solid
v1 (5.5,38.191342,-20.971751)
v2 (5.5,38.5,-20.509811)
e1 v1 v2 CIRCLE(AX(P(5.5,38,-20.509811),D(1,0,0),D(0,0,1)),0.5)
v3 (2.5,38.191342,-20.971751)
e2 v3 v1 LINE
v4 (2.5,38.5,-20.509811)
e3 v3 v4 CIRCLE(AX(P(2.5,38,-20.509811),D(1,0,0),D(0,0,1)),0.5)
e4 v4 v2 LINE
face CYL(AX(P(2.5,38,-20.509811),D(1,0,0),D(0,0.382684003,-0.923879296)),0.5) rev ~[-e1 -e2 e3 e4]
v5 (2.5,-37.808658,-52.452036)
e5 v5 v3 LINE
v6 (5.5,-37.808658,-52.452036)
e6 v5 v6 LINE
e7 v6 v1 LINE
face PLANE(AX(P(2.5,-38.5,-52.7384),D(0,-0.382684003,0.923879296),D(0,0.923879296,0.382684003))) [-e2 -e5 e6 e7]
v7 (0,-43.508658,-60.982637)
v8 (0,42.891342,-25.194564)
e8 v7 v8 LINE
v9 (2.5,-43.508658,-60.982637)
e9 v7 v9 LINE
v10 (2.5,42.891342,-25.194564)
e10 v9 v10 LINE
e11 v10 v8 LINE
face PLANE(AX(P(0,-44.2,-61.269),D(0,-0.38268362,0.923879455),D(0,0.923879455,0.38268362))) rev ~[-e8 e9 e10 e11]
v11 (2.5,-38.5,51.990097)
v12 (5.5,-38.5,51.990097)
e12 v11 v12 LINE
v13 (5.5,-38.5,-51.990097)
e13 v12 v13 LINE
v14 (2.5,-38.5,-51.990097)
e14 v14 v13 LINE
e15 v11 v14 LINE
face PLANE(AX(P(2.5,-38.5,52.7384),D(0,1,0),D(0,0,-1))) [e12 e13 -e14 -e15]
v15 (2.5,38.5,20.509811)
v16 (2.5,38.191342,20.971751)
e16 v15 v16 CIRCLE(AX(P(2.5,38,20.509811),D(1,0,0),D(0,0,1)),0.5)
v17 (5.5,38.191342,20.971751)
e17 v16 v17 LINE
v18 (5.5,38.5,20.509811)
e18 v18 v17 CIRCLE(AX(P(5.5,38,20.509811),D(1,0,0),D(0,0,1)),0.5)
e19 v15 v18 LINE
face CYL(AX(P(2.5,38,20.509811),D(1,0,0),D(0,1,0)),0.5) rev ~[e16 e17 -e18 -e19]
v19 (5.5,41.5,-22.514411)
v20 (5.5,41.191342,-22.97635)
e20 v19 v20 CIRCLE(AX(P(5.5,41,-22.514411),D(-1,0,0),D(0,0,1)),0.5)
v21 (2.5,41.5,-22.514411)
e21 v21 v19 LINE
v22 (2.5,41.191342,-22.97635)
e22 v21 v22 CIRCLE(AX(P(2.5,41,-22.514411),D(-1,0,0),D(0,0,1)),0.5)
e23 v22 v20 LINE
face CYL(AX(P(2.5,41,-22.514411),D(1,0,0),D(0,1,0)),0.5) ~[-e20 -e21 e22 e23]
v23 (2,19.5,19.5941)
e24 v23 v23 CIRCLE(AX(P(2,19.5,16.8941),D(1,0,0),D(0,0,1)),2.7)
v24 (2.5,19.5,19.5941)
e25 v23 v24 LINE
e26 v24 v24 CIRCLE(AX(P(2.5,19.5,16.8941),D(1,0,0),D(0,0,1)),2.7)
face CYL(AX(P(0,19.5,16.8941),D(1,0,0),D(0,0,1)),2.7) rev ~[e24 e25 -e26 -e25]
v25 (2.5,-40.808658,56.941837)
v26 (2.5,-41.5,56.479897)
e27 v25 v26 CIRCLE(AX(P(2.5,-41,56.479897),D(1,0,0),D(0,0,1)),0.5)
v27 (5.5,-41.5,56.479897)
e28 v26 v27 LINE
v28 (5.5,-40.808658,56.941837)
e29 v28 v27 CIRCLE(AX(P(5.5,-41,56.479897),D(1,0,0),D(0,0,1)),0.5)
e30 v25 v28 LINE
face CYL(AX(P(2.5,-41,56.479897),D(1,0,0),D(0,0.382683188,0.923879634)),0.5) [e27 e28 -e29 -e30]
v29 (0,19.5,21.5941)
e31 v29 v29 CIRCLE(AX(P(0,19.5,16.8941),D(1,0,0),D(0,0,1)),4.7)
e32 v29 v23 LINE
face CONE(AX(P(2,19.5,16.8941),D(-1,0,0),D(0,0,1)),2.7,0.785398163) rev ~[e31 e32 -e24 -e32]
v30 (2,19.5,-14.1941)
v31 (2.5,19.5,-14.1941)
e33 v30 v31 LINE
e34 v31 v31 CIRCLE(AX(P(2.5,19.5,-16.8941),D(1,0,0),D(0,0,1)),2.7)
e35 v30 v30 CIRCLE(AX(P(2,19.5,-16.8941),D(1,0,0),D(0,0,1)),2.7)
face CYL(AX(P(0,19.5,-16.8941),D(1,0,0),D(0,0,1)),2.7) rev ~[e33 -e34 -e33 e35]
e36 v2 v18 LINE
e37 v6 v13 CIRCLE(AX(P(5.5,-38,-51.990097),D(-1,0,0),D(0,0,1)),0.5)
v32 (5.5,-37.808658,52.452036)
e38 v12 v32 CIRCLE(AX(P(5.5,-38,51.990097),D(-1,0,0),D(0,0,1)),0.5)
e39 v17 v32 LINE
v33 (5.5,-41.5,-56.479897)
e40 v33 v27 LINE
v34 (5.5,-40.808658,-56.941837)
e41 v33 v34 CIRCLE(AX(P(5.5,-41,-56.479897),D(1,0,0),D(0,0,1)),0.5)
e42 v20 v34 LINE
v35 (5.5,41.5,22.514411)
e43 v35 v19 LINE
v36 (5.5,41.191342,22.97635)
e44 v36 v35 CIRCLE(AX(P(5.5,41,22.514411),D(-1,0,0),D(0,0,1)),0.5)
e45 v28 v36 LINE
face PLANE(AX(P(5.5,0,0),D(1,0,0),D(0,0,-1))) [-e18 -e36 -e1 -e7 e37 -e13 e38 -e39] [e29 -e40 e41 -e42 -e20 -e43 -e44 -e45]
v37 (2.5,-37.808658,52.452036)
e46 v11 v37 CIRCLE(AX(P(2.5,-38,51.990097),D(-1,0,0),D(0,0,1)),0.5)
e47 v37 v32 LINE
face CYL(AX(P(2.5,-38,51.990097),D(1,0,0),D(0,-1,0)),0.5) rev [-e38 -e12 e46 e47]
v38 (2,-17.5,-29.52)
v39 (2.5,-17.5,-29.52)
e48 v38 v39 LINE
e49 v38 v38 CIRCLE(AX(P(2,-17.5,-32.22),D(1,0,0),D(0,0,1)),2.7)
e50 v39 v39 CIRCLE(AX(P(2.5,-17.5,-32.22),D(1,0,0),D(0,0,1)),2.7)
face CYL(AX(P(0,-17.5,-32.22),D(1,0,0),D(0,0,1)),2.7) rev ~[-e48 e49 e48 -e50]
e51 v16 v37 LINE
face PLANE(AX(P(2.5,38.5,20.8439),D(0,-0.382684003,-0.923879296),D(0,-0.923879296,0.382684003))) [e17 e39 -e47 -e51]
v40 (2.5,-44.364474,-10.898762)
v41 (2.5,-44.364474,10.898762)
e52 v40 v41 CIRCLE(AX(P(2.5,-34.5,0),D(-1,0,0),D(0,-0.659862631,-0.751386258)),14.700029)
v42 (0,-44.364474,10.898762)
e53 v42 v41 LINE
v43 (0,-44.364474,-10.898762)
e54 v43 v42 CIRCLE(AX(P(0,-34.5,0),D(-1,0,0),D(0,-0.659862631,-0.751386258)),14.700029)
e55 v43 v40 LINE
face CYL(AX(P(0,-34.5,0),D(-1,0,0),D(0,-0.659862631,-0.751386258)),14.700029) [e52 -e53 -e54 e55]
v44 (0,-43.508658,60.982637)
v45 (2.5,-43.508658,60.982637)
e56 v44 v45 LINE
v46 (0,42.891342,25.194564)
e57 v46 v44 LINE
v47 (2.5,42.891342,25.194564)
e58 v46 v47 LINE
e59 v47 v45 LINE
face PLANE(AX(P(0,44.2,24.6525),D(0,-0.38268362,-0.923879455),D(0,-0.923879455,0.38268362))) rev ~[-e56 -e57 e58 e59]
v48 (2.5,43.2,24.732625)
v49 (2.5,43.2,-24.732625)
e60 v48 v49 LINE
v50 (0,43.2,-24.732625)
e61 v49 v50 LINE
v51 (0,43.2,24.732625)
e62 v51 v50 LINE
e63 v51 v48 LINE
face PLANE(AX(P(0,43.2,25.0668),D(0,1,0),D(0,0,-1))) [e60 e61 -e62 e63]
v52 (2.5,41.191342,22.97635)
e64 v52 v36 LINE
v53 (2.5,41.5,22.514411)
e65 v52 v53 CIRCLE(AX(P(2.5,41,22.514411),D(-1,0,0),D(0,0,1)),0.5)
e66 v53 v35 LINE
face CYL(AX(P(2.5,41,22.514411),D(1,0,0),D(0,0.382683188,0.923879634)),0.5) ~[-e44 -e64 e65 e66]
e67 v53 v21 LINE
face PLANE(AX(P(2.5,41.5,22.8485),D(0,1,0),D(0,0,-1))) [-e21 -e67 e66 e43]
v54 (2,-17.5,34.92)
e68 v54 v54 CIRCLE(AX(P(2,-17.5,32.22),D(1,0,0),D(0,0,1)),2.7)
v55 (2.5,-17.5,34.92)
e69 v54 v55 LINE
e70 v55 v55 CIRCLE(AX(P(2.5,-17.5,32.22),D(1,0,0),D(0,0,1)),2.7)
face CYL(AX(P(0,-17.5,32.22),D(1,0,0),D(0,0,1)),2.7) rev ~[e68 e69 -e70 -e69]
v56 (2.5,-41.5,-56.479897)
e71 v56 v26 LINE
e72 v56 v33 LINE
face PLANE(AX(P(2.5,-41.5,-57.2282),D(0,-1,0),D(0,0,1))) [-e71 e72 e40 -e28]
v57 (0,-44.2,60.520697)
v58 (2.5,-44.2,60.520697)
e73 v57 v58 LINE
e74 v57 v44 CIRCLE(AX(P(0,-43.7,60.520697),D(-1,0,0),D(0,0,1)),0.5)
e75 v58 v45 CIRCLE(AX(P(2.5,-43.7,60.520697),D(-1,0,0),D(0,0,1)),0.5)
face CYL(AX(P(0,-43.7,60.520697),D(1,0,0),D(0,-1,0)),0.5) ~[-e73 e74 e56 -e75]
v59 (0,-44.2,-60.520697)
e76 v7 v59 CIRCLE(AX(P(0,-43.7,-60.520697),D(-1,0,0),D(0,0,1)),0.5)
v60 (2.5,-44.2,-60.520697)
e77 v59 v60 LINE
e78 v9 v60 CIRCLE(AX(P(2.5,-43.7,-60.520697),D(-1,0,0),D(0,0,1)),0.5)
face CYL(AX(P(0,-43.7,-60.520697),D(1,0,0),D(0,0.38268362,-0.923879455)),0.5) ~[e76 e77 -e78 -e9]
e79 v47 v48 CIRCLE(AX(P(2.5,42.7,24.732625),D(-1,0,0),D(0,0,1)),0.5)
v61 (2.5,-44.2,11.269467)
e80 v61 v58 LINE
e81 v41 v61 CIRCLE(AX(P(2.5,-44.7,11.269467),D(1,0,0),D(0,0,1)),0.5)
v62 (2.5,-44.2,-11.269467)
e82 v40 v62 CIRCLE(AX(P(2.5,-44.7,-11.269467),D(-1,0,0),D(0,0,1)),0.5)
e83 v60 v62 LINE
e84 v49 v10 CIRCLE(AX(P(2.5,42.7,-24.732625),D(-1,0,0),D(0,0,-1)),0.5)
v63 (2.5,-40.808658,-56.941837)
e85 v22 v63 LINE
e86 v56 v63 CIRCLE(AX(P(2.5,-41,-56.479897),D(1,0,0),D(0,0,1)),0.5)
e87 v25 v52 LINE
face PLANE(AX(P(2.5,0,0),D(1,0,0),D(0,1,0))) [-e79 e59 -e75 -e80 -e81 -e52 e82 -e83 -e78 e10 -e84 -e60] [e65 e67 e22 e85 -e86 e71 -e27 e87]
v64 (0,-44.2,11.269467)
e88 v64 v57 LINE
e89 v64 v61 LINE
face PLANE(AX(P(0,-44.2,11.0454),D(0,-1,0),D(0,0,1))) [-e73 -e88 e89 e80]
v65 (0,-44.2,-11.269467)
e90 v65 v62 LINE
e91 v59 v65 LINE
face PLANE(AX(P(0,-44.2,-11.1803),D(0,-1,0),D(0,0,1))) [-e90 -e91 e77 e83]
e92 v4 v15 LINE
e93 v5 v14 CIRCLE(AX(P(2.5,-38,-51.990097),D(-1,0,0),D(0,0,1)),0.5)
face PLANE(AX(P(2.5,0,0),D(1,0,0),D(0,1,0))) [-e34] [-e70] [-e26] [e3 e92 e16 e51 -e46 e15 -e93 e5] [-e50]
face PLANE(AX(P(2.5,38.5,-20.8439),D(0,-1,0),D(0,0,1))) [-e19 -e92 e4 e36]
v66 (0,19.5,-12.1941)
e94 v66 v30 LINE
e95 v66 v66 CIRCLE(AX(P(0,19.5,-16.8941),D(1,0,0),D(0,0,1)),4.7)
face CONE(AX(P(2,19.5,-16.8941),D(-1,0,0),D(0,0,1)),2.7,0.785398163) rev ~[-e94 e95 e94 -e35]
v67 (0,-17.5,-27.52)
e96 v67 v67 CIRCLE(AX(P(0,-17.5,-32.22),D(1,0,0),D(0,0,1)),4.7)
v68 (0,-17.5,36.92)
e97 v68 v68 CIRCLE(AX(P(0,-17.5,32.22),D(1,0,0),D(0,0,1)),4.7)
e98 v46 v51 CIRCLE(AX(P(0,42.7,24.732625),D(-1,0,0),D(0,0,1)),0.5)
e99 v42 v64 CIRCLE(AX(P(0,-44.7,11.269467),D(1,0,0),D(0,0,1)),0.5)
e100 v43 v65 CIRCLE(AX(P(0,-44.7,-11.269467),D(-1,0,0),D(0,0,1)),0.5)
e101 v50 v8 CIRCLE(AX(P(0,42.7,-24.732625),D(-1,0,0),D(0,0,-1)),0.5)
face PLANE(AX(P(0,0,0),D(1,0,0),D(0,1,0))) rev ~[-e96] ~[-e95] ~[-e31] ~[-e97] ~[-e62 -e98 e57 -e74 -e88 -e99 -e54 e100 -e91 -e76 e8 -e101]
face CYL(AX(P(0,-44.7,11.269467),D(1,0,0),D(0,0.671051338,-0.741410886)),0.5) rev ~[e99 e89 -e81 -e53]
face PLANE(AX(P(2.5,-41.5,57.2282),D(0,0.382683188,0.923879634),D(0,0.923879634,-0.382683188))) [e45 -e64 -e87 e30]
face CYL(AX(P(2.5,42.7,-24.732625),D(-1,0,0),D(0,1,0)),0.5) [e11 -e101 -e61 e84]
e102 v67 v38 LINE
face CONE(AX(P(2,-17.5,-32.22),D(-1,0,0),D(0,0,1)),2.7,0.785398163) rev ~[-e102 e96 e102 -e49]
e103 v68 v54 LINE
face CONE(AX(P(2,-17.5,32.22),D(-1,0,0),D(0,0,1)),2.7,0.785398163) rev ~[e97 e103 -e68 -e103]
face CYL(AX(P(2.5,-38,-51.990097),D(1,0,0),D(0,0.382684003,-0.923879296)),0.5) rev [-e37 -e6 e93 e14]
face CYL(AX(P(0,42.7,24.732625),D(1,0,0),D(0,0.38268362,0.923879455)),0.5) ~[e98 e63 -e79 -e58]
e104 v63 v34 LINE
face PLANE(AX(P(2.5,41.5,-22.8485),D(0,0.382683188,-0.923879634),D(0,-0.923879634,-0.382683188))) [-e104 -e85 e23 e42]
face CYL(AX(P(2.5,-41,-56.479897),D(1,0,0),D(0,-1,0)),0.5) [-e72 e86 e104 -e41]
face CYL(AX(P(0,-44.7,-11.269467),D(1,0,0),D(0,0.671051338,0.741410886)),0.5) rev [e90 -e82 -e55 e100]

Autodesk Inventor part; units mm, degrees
ref_plane "YZ Plane" through (0, 0, 0) normal (1, 0, 0) x (0, 1, 0)
ref_plane "XZ Plane" through (0, 0, 0) normal (0, 1, 0) x (-1, 0, 0)
sketch "Skizze4" plane through (0, 0, 0) normal (1, 0, 0) x (0, 1, 0)
  line L0 (44.5, 24.853) -> (-44.5, 61.718)
  line L1 (-44.5, 61.718) -> (-44.5, -61.718)
  line L2 (-44.5, -61.718) -> (44.5, -24.853)
  line L3 (44.5, -24.853) -> (44.5, 24.853)
  line L4 (0, -86.4052) -> (0, 86.4052) construction
  line L5 (-62.3, 0) -> (62.3, 0) construction
  dimension "d34" = 89
  dimension "d37" = 112.5
  dimension "d38" = 49.706
extrude "Extrusion2" add sketch "Skizze4" along normal blind 2.5
sketch "Skizze5" plane through (2.5, 0, 0) normal (1, 0, 0) x (0, 0, -1)
  line L0 (-61.718, -44.5) -> (61.718, -44.5) construction
  line L1 (61.718, -44.5) -> (24.853, 44.5) construction
  line L2 (24.853, 44.5) -> (-24.853, 44.5) construction
  line L3 (-24.853, 44.5) -> (-61.718, -44.5) construction
  line L4 (-22.8485, 41.5) -> (22.8485, 41.5)
  line L5 (22.8485, 41.5) -> (57.2282, -41.5)
  line L6 (57.2282, -41.5) -> (-57.2282, -41.5)
  line L7 (-57.2282, -41.5) -> (-22.8485, 41.5)
  line L8 (20.8439, 38.5) -> (-20.8439, 38.5)
  line L9 (-20.8439, 38.5) -> (-52.7384, -38.5)
  line L10 (-52.7384, -38.5) -> (52.7384, -38.5)
  line L11 (52.7384, -38.5) -> (20.8439, 38.5)
  point P0 (0, 0)
  dimension "d8" = 3
  dimension "d9" = 3
extrude "Extrusion3" add sketch "Skizze5" along normal blind 3
sketch "Skizze6" plane through (0, 0, 0) normal (-1, 0, 0) x (0, 0, 1)
  line L0 (24.853, 44.5) -> (-24.853, 44.5) construction
  line L1 (61.718, -44.5) -> (24.853, 44.5) construction
  line L2 (-24.853, 44.5) -> (24.853, 44.5) projected
  line L3 (0, 57.3) -> (0, -53.3) construction
  line L4 (-61.718, -44.5) -> (61.718, -44.5) construction
  arc A0 (-11.1803, -44.5) -> (11.1803, -44.5) centre (0, -34.5) ccw
  line L5 (-11.1803, -44.5) -> (11.1803, -44.5)
  dimension "d35" = 15
  dimension "d36" = 10
extrude "Extrusion4" add sketch "Skizze6" against normal up to surface (2.5 mm away)
sketch "Skizze8" plane through (0, 0, 0) normal (-1, 0, 0) x (0, 0, 1)
  circle A0 centre (0, 56.5) radius 2 construction
  line L0 (-61.718, -44.5) -> (-11.1803, -44.5) construction
  arc A1 (-11.1803, -44.5) -> (11.1803, -44.5) centre (0, -34.5) ccw construction
  line L1 (11.1803, -44.5) -> (61.718, -44.5) construction
  line L2 (61.718, -44.5) -> (24.853, 44.5) construction
  line L3 (24.853, 44.5) -> (-24.853, 44.5) construction
  line L4 (-24.853, 44.5) -> (-61.718, -44.5) construction
  line L5 (0, -71.1) -> (0, 80.1) construction
  line L6 (-86.4052, 0) -> (86.4052, 0) construction
  line L7 (-16.8941, 19.5) -> (16.8941, 19.5) construction
  line L8 (-32.22, -17.5) -> (32.22, -17.5) construction
  line L9 (32.22, -17.5) -> (16.8941, 19.5) construction
  line L10 (-16.8941, 19.5) -> (-32.22, -17.5) construction
  point P0 (0, 0)
  dimension "d42" = 37
  dimension "d53" = 112.5
  dimension "d54" = 25
hole "Bohrung2" at (0, 19.5, -16.8941) at (0, -17.5, -32.22) at (0, -17.5, 32.22) at (0, 19.5, 16.8941) direction (1, 0, 0) diameter 5.4 end through all
chamfer "Fase2" distance 2 angle 45 4 edges at (0, -17.5, -34.92) (0, 19.5, -19.5941) (0, -17.5, 29.52) (0, 19.5, 14.1941)
sketch "Skizze9" plane through (0, 0, 0) normal (-1, 0, 0) x (0, 0, 1)
  line L0 (61.718, -44.5) -> (24.853, 44.5) projected
  line L1 (11.1803, -44.5) -> (61.718, -44.5) projected
  line L2 (-61.718, -44.5) -> (-11.1803, -44.5) projected
  line L3 (-24.853, 44.5) -> (-61.718, -44.5) projected
  line L4 (24.853, 44.5) -> (-24.853, 44.5) projected
  line L5 (-11.1803, -44.2) -> (-61.269, -44.2)
  line L6 (-61.269, -44.2) -> (-24.6525, 44.2)
  line L7 (-24.6525, 44.2) -> (24.6525, 44.2)
  line L8 (24.6525, 44.2) -> (61.269, -44.2)
  line L9 (61.269, -44.2) -> (11.1803, -44.2)
  arc A0 (-11.1803, -44.5) -> (11.1803, -44.5) centre (0, -34.5) ccw projected
  line L10 (11.0454, -44.2) -> (61.269, -44.2)
  line L11 (61.269, -44.2) -> (24.6525, 44.2)
  line L12 (24.6525, 44.2) -> (-24.6525, 44.2)
  line L13 (-24.6525, 44.2) -> (-61.269, -44.2)
  line L14 (-61.269, -44.2) -> (-11.0454, -44.2)
  arc A1 (-11.0454, -44.2) -> (11.0454, -44.2) centre (0, -34.5) ccw
  point P0 (0, 0)
  dimension "d55" = 0.3
  dimension "d56" = 0.3
ref_plane "Arbeitsebene1" through (2.5, -44.2, -61.269) normal (-1, 0, 0) x (0, 0, 1)
extrude "Extrusion5" cut sketch "Skizze9" against normal up to surface (2.5 mm away)
sketch "Skizze10" plane through (0, 0, 0) normal (-1, 0, 0) x (0, 0, 1)
  line L0 (-24.6525, 44.2) -> (-61.269, -44.2) construction
  line L1 (-61.269, -44.2) -> (-11.0454, -44.2) construction
  arc A0 (-11.0454, -44.2) -> (11.0454, -44.2) centre (0, -34.5) ccw construction
  line L2 (11.0454, -44.2) -> (61.269, -44.2) construction
  line L3 (61.269, -44.2) -> (24.6525, 44.2) construction
  line L4 (24.6525, 44.2) -> (-24.6525, 44.2) construction
  circle A1 centre (-32.22, -17.5) radius 4.7 construction
  circle A2 centre (-16.8941, 19.5) radius 4.7 construction
  circle A3 centre (16.8941, 19.5) radius 4.7 construction
  circle A4 centre (32.22, -17.5) radius 4.7 construction
  line L5 (-25.0668, 44.2) -> (25.0668, 44.2)
  line L6 (25.0668, 44.2) -> (25.0668, 43.2)
  line L7 (25.0668, 43.2) -> (-25.0668, 43.2)
  line L8 (-25.0668, 43.2) -> (-25.0668, 44.2)
  line L9 (24.6525, 44.2) -> (-24.6525, 44.2) projected
  line L10 (24.6525, 44.2) -> (61.269, -44.2) projected
  point P0 (0, 0)
  dimension "d59" = 1
extrude "Extrusion6" cut sketch "Skizze10" against normal up to surface (2.5 mm away)
fillet "Rundung1" radius 0.5 14 edges at (1.25, 43.2, 25.0668) (1.25, 43.2, -25.0668) (1.25, -44.2, -61.269) (1.25, -44.2, 61.269) (4, -41.5, 57.2282) (4, -41.5, -57.2282) (4, 41.5, -22.8485) (4, 41.5, 22.8485) (4, -38.5, -52.7384) (4, 38.5, -20.8439) (4, 38.5, 20.8439) (4, -38.5, 52.7384) (1.25, -44.2, 11.0454) (1.25, -44.2, -11.0454)
properties part number "Modul Deckel" material "PC/ABS-Kunststoff"
